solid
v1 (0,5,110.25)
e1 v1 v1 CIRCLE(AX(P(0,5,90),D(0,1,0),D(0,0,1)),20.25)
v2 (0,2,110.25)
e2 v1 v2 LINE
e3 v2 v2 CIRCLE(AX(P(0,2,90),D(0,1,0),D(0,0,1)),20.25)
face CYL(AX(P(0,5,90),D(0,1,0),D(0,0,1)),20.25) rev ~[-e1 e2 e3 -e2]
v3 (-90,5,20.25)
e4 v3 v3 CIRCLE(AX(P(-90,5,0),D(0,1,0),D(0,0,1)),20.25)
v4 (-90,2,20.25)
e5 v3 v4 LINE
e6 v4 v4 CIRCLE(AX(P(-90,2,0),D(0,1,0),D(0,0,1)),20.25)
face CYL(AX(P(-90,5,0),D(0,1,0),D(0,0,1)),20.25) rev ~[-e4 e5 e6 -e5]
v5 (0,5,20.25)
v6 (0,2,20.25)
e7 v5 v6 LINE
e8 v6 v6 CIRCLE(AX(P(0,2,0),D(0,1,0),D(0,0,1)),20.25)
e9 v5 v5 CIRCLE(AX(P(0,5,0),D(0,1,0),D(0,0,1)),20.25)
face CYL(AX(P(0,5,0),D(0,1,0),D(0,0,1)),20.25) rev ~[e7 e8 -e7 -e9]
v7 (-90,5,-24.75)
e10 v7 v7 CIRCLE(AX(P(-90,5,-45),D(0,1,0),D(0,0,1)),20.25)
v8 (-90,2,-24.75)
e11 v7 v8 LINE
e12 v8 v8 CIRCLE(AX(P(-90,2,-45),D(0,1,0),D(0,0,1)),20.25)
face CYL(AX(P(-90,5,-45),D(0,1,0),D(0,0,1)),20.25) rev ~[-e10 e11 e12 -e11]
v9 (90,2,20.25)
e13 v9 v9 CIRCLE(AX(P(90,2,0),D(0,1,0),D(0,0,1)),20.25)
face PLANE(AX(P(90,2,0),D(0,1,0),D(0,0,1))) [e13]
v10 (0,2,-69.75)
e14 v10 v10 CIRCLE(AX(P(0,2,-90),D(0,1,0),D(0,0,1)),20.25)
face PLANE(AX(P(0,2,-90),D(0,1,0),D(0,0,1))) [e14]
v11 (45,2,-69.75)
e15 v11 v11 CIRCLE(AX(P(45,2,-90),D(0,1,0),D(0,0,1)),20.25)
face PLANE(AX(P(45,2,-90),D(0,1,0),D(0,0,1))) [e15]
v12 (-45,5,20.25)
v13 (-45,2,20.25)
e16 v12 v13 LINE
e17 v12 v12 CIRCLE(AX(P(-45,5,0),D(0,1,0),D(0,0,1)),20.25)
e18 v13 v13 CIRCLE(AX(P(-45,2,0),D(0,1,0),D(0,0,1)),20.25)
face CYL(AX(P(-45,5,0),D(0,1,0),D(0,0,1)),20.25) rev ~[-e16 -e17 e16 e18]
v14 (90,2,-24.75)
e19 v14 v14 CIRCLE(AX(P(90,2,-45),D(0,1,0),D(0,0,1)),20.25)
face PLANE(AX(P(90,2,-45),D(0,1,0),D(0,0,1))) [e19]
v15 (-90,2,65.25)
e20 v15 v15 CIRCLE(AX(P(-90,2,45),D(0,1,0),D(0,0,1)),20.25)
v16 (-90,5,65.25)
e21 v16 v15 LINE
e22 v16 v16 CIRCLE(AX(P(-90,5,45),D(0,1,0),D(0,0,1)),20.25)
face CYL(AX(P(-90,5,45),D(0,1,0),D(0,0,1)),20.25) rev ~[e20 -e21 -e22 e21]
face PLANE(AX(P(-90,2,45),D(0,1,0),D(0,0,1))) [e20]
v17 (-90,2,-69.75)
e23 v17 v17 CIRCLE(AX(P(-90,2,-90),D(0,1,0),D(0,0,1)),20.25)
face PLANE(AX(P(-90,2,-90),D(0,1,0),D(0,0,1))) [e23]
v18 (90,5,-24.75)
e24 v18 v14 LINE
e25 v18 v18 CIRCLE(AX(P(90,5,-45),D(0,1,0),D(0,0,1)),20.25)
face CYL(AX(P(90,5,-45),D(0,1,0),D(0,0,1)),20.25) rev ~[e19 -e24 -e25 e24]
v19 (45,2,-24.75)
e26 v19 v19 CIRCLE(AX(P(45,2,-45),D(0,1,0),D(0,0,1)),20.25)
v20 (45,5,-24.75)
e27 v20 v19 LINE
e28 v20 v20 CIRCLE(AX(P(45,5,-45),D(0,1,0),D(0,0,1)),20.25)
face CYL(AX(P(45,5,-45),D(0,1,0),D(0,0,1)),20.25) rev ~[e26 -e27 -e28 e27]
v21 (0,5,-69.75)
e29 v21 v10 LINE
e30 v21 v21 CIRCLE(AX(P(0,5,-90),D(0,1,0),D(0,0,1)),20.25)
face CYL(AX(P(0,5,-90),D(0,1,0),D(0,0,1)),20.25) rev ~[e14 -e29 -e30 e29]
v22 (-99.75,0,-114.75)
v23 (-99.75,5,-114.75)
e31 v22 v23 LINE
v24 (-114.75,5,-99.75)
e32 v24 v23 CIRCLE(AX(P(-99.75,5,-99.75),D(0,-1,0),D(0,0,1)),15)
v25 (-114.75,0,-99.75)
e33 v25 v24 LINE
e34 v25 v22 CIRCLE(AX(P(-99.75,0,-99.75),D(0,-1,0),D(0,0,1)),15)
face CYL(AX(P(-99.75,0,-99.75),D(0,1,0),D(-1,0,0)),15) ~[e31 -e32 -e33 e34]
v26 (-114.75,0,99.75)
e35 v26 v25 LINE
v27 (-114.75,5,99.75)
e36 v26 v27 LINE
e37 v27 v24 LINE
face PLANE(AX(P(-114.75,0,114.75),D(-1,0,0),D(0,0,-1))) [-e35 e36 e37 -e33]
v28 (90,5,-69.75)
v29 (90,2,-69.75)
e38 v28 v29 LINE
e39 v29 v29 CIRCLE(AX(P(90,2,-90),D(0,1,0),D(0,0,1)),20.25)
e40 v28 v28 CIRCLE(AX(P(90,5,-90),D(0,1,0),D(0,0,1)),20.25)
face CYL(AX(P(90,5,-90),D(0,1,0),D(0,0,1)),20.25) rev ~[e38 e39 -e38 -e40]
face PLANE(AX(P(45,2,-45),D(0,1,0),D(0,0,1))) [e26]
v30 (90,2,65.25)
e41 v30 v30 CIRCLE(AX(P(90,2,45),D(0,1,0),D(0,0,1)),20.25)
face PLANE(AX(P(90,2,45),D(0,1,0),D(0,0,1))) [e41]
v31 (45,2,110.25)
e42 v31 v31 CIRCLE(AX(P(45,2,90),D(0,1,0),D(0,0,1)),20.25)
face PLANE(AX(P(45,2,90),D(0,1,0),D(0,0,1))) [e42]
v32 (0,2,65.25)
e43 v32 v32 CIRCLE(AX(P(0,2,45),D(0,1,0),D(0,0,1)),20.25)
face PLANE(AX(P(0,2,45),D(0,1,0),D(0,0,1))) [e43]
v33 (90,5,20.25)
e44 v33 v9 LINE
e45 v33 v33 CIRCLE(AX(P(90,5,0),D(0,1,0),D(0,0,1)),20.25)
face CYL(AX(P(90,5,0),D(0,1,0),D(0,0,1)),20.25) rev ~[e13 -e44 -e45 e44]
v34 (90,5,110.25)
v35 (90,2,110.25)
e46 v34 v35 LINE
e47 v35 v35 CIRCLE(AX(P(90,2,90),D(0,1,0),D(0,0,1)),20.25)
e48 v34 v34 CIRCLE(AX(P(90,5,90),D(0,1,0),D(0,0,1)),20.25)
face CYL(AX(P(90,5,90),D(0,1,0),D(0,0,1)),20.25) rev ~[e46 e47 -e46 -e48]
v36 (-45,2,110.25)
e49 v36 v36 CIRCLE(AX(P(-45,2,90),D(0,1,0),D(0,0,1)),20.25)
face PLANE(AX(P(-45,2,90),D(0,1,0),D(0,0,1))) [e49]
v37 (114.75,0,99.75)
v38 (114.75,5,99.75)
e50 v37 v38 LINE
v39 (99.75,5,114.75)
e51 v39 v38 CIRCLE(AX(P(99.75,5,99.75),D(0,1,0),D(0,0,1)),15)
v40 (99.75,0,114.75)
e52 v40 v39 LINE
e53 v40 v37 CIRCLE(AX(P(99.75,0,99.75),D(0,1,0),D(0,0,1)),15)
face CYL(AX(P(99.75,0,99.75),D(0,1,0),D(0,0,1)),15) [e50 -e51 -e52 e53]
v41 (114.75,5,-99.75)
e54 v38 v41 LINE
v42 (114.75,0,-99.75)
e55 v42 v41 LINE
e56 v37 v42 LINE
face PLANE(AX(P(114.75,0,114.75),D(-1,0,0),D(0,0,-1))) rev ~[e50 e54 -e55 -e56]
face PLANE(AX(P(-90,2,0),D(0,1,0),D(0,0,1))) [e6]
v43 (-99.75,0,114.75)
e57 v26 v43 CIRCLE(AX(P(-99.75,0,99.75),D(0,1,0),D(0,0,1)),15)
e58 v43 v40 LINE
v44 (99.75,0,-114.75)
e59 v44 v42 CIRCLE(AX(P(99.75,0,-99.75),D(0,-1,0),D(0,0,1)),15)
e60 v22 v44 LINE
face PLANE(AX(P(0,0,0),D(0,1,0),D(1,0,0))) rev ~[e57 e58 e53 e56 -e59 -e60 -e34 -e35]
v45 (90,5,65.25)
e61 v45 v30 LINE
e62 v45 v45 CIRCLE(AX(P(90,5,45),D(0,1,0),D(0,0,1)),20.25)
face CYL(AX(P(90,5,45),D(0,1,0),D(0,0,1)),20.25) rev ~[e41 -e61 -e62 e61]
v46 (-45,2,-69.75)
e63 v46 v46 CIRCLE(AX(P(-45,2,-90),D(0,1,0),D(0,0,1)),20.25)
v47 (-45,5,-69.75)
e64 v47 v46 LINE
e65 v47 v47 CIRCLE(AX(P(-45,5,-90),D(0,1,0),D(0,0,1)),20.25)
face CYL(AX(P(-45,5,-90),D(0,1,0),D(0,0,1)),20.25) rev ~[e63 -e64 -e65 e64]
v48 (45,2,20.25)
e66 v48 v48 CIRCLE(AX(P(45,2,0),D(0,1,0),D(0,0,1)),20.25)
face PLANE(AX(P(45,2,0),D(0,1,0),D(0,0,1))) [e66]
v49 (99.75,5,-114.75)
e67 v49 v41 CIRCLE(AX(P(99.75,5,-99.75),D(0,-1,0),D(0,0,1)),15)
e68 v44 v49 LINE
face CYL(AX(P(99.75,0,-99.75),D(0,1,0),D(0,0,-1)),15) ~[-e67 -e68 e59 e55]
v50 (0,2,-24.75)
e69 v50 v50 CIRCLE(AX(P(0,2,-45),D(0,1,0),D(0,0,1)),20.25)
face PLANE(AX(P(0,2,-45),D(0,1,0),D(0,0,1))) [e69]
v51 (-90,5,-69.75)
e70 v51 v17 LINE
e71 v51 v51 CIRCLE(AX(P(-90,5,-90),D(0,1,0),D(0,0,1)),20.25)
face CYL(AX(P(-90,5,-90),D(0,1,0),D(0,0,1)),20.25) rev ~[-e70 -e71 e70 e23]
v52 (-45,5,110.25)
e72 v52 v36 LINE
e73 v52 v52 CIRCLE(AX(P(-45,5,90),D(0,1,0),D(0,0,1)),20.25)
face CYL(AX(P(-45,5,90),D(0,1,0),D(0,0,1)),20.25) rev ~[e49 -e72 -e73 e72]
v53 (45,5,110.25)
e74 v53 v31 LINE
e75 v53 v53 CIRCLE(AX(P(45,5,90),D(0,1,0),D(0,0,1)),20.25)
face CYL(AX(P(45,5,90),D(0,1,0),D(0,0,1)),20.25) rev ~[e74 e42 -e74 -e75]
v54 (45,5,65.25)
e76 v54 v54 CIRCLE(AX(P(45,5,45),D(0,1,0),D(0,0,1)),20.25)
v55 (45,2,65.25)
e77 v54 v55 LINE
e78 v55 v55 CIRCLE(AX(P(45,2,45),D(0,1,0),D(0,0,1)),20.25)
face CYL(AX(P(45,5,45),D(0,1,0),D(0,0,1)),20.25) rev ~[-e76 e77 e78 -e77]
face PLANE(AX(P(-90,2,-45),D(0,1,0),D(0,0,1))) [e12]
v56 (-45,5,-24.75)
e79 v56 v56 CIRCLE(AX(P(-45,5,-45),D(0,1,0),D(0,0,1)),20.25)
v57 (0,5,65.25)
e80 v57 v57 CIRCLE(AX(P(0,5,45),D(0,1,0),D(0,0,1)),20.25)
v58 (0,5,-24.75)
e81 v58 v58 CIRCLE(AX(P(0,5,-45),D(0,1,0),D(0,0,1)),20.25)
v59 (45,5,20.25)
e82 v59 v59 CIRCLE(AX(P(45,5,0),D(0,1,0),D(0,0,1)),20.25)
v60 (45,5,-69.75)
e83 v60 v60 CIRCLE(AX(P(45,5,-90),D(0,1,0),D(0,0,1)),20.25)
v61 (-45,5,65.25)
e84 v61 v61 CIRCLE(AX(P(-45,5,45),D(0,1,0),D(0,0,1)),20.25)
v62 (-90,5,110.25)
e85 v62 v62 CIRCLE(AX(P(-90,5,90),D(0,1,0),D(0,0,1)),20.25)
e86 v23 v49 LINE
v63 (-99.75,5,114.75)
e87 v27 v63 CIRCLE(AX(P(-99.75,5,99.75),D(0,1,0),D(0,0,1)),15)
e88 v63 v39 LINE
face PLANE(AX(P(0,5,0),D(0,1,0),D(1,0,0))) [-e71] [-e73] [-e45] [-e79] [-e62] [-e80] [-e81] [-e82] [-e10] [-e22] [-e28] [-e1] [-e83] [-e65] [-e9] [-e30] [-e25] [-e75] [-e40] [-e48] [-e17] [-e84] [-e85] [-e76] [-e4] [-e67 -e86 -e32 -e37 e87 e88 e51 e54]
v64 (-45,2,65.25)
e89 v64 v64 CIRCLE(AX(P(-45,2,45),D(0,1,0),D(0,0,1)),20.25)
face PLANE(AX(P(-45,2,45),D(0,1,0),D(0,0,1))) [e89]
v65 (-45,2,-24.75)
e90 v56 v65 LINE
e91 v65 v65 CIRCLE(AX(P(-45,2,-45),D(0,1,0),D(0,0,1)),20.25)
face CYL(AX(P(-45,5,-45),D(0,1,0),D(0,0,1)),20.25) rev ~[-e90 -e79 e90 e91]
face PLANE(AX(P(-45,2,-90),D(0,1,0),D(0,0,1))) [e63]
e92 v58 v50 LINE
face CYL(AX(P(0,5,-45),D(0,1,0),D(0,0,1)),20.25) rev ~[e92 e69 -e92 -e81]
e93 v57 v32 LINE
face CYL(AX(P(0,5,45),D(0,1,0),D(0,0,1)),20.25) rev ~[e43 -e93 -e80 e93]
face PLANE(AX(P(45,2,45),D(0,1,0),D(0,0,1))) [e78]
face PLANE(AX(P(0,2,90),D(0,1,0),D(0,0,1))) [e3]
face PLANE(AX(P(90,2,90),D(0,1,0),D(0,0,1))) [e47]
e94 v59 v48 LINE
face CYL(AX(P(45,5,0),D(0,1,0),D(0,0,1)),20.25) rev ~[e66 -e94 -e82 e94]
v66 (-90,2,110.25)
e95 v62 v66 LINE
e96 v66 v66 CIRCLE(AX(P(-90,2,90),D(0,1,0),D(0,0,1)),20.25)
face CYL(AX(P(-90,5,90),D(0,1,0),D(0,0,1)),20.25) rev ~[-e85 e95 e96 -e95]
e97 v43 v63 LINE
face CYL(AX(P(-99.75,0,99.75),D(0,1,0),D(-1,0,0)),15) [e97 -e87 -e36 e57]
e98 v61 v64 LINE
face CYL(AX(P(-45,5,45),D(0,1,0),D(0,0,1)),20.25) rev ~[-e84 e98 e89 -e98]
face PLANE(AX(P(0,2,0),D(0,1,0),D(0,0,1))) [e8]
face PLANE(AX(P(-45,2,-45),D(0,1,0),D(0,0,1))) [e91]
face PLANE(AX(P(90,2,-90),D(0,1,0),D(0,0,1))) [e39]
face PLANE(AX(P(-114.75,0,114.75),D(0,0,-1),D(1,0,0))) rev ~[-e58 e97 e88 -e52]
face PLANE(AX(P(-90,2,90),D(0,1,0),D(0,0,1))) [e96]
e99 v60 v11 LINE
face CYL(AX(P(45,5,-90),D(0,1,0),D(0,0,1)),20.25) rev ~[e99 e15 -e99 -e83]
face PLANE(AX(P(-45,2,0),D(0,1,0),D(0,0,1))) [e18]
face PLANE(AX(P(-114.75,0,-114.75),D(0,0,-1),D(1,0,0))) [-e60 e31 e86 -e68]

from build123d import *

# Parameters (mm, degrees)
SKETCH1_W           = 229.5
SKETCH1_H           = 229.5
BOSS_EXTRUDE1_DEPTH = 5
SKETCH2_R           = 20.25
CUT_EXTRUDE1_DEPTH  = 3
FILLET1_R           = 15


with BuildPart() as part:
    # Sketch1 → Boss-Extrude1 (new body)
    with BuildSketch(Plane(origin=(0, 0, 0), x_dir=(1, 0, 0), z_dir=(0, 1, 0))):
        Rectangle(SKETCH1_W, SKETCH1_H)
    extrude(amount=BOSS_EXTRUDE1_DEPTH)

    # Sketch2 → Cut-Extrude1 (cut)
    with BuildSketch(Plane(origin=(0, 5, 0), x_dir=(1, 0, 0), z_dir=(0, 1, 0))):
        with Locations(Location((-90, 90, 0), (0, 0, 270))):
            Circle(SKETCH2_R)
        with Locations(Location((-45, 90, 0), (0, 0, 270))):
            Circle(SKETCH2_R)
        with Locations(Location((0, 90, 0), (0, 0, 270))):
            Circle(SKETCH2_R)
        with Locations(Location((45, 90, 0), (0, 0, 270))):
            Circle(SKETCH2_R)
        with Locations(Location((90, 90, 0), (0, 0, 270))):
            Circle(SKETCH2_R)
        with Locations(Location((-45, 45, 0), (0, 0, 270))):
            Circle(SKETCH2_R)
        with Locations(Location((0, 45, 0), (0, 0, 270))):
            Circle(SKETCH2_R)
        with Locations(Location((45, 45, 0), (0, 0, 270))):
            Circle(SKETCH2_R)
        with Locations(Location((90, 45, 0), (0, 0, 270))):
            Circle(SKETCH2_R)
        with Locations(Location((-45, 0, 0), (0, 0, 270))):
            Circle(SKETCH2_R)
        with Locations(Location((0, 0, 0), (0, 0, 270))):
            Circle(SKETCH2_R)
        with Locations(Location((45, 0, 0), (0, 0, 270))):
            Circle(SKETCH2_R)
        with Locations(Location((90, 0, 0), (0, 0, 270))):
            Circle(SKETCH2_R)
        with Locations(Location((-45, -45, 0), (0, 0, 270))):
            Circle(SKETCH2_R)
        with Locations(Location((0, -45, 0), (0, 0, 270))):
            Circle(SKETCH2_R)
        with Locations(Location((45, -45, 0), (0, 0, 270))):
            Circle(SKETCH2_R)
        with Locations(Location((90, -45, 0), (0, 0, 270))):
            Circle(SKETCH2_R)
        with Locations(Location((-45, -90, 0), (0, 0, 270))):
            Circle(SKETCH2_R)
        with Locations(Location((0, -90, 0), (0, 0, 270))):
            Circle(SKETCH2_R)
        with Locations(Location((45, -90, 0), (0, 0, 270))):
            Circle(SKETCH2_R)
        with Locations(Location((90, -90, 0), (0, 0, 270))):
            Circle(SKETCH2_R)
        with Locations(Location((-90, 45, 0), (0, 0, 270))):
            Circle(SKETCH2_R)
        with Locations(Location((-90, 0, 0), (0, 0, 270))):
            Circle(SKETCH2_R)
        with Locations(Location((-90, -45, 0), (0, 0, 270))):
            Circle(SKETCH2_R)
        with Locations(Location((-90, -90, 0), (0, 0, 270))):
            Circle(SKETCH2_R)
    extrude(amount=-CUT_EXTRUDE1_DEPTH, mode=Mode.SUBTRACT)

    # Fillet1
    fillet1_edges = [part.edges().sort_by_distance(p)[0] for p in [
        (114.75, 2.5, 114.75),
        (-114.75, 2.5, 114.75),
        (-114.75, 2.5, -114.75),
        (114.75, 2.5, -114.75),
    ]]
    fillet(fillet1_edges, radius=FILLET1_R)


solid = part.part
